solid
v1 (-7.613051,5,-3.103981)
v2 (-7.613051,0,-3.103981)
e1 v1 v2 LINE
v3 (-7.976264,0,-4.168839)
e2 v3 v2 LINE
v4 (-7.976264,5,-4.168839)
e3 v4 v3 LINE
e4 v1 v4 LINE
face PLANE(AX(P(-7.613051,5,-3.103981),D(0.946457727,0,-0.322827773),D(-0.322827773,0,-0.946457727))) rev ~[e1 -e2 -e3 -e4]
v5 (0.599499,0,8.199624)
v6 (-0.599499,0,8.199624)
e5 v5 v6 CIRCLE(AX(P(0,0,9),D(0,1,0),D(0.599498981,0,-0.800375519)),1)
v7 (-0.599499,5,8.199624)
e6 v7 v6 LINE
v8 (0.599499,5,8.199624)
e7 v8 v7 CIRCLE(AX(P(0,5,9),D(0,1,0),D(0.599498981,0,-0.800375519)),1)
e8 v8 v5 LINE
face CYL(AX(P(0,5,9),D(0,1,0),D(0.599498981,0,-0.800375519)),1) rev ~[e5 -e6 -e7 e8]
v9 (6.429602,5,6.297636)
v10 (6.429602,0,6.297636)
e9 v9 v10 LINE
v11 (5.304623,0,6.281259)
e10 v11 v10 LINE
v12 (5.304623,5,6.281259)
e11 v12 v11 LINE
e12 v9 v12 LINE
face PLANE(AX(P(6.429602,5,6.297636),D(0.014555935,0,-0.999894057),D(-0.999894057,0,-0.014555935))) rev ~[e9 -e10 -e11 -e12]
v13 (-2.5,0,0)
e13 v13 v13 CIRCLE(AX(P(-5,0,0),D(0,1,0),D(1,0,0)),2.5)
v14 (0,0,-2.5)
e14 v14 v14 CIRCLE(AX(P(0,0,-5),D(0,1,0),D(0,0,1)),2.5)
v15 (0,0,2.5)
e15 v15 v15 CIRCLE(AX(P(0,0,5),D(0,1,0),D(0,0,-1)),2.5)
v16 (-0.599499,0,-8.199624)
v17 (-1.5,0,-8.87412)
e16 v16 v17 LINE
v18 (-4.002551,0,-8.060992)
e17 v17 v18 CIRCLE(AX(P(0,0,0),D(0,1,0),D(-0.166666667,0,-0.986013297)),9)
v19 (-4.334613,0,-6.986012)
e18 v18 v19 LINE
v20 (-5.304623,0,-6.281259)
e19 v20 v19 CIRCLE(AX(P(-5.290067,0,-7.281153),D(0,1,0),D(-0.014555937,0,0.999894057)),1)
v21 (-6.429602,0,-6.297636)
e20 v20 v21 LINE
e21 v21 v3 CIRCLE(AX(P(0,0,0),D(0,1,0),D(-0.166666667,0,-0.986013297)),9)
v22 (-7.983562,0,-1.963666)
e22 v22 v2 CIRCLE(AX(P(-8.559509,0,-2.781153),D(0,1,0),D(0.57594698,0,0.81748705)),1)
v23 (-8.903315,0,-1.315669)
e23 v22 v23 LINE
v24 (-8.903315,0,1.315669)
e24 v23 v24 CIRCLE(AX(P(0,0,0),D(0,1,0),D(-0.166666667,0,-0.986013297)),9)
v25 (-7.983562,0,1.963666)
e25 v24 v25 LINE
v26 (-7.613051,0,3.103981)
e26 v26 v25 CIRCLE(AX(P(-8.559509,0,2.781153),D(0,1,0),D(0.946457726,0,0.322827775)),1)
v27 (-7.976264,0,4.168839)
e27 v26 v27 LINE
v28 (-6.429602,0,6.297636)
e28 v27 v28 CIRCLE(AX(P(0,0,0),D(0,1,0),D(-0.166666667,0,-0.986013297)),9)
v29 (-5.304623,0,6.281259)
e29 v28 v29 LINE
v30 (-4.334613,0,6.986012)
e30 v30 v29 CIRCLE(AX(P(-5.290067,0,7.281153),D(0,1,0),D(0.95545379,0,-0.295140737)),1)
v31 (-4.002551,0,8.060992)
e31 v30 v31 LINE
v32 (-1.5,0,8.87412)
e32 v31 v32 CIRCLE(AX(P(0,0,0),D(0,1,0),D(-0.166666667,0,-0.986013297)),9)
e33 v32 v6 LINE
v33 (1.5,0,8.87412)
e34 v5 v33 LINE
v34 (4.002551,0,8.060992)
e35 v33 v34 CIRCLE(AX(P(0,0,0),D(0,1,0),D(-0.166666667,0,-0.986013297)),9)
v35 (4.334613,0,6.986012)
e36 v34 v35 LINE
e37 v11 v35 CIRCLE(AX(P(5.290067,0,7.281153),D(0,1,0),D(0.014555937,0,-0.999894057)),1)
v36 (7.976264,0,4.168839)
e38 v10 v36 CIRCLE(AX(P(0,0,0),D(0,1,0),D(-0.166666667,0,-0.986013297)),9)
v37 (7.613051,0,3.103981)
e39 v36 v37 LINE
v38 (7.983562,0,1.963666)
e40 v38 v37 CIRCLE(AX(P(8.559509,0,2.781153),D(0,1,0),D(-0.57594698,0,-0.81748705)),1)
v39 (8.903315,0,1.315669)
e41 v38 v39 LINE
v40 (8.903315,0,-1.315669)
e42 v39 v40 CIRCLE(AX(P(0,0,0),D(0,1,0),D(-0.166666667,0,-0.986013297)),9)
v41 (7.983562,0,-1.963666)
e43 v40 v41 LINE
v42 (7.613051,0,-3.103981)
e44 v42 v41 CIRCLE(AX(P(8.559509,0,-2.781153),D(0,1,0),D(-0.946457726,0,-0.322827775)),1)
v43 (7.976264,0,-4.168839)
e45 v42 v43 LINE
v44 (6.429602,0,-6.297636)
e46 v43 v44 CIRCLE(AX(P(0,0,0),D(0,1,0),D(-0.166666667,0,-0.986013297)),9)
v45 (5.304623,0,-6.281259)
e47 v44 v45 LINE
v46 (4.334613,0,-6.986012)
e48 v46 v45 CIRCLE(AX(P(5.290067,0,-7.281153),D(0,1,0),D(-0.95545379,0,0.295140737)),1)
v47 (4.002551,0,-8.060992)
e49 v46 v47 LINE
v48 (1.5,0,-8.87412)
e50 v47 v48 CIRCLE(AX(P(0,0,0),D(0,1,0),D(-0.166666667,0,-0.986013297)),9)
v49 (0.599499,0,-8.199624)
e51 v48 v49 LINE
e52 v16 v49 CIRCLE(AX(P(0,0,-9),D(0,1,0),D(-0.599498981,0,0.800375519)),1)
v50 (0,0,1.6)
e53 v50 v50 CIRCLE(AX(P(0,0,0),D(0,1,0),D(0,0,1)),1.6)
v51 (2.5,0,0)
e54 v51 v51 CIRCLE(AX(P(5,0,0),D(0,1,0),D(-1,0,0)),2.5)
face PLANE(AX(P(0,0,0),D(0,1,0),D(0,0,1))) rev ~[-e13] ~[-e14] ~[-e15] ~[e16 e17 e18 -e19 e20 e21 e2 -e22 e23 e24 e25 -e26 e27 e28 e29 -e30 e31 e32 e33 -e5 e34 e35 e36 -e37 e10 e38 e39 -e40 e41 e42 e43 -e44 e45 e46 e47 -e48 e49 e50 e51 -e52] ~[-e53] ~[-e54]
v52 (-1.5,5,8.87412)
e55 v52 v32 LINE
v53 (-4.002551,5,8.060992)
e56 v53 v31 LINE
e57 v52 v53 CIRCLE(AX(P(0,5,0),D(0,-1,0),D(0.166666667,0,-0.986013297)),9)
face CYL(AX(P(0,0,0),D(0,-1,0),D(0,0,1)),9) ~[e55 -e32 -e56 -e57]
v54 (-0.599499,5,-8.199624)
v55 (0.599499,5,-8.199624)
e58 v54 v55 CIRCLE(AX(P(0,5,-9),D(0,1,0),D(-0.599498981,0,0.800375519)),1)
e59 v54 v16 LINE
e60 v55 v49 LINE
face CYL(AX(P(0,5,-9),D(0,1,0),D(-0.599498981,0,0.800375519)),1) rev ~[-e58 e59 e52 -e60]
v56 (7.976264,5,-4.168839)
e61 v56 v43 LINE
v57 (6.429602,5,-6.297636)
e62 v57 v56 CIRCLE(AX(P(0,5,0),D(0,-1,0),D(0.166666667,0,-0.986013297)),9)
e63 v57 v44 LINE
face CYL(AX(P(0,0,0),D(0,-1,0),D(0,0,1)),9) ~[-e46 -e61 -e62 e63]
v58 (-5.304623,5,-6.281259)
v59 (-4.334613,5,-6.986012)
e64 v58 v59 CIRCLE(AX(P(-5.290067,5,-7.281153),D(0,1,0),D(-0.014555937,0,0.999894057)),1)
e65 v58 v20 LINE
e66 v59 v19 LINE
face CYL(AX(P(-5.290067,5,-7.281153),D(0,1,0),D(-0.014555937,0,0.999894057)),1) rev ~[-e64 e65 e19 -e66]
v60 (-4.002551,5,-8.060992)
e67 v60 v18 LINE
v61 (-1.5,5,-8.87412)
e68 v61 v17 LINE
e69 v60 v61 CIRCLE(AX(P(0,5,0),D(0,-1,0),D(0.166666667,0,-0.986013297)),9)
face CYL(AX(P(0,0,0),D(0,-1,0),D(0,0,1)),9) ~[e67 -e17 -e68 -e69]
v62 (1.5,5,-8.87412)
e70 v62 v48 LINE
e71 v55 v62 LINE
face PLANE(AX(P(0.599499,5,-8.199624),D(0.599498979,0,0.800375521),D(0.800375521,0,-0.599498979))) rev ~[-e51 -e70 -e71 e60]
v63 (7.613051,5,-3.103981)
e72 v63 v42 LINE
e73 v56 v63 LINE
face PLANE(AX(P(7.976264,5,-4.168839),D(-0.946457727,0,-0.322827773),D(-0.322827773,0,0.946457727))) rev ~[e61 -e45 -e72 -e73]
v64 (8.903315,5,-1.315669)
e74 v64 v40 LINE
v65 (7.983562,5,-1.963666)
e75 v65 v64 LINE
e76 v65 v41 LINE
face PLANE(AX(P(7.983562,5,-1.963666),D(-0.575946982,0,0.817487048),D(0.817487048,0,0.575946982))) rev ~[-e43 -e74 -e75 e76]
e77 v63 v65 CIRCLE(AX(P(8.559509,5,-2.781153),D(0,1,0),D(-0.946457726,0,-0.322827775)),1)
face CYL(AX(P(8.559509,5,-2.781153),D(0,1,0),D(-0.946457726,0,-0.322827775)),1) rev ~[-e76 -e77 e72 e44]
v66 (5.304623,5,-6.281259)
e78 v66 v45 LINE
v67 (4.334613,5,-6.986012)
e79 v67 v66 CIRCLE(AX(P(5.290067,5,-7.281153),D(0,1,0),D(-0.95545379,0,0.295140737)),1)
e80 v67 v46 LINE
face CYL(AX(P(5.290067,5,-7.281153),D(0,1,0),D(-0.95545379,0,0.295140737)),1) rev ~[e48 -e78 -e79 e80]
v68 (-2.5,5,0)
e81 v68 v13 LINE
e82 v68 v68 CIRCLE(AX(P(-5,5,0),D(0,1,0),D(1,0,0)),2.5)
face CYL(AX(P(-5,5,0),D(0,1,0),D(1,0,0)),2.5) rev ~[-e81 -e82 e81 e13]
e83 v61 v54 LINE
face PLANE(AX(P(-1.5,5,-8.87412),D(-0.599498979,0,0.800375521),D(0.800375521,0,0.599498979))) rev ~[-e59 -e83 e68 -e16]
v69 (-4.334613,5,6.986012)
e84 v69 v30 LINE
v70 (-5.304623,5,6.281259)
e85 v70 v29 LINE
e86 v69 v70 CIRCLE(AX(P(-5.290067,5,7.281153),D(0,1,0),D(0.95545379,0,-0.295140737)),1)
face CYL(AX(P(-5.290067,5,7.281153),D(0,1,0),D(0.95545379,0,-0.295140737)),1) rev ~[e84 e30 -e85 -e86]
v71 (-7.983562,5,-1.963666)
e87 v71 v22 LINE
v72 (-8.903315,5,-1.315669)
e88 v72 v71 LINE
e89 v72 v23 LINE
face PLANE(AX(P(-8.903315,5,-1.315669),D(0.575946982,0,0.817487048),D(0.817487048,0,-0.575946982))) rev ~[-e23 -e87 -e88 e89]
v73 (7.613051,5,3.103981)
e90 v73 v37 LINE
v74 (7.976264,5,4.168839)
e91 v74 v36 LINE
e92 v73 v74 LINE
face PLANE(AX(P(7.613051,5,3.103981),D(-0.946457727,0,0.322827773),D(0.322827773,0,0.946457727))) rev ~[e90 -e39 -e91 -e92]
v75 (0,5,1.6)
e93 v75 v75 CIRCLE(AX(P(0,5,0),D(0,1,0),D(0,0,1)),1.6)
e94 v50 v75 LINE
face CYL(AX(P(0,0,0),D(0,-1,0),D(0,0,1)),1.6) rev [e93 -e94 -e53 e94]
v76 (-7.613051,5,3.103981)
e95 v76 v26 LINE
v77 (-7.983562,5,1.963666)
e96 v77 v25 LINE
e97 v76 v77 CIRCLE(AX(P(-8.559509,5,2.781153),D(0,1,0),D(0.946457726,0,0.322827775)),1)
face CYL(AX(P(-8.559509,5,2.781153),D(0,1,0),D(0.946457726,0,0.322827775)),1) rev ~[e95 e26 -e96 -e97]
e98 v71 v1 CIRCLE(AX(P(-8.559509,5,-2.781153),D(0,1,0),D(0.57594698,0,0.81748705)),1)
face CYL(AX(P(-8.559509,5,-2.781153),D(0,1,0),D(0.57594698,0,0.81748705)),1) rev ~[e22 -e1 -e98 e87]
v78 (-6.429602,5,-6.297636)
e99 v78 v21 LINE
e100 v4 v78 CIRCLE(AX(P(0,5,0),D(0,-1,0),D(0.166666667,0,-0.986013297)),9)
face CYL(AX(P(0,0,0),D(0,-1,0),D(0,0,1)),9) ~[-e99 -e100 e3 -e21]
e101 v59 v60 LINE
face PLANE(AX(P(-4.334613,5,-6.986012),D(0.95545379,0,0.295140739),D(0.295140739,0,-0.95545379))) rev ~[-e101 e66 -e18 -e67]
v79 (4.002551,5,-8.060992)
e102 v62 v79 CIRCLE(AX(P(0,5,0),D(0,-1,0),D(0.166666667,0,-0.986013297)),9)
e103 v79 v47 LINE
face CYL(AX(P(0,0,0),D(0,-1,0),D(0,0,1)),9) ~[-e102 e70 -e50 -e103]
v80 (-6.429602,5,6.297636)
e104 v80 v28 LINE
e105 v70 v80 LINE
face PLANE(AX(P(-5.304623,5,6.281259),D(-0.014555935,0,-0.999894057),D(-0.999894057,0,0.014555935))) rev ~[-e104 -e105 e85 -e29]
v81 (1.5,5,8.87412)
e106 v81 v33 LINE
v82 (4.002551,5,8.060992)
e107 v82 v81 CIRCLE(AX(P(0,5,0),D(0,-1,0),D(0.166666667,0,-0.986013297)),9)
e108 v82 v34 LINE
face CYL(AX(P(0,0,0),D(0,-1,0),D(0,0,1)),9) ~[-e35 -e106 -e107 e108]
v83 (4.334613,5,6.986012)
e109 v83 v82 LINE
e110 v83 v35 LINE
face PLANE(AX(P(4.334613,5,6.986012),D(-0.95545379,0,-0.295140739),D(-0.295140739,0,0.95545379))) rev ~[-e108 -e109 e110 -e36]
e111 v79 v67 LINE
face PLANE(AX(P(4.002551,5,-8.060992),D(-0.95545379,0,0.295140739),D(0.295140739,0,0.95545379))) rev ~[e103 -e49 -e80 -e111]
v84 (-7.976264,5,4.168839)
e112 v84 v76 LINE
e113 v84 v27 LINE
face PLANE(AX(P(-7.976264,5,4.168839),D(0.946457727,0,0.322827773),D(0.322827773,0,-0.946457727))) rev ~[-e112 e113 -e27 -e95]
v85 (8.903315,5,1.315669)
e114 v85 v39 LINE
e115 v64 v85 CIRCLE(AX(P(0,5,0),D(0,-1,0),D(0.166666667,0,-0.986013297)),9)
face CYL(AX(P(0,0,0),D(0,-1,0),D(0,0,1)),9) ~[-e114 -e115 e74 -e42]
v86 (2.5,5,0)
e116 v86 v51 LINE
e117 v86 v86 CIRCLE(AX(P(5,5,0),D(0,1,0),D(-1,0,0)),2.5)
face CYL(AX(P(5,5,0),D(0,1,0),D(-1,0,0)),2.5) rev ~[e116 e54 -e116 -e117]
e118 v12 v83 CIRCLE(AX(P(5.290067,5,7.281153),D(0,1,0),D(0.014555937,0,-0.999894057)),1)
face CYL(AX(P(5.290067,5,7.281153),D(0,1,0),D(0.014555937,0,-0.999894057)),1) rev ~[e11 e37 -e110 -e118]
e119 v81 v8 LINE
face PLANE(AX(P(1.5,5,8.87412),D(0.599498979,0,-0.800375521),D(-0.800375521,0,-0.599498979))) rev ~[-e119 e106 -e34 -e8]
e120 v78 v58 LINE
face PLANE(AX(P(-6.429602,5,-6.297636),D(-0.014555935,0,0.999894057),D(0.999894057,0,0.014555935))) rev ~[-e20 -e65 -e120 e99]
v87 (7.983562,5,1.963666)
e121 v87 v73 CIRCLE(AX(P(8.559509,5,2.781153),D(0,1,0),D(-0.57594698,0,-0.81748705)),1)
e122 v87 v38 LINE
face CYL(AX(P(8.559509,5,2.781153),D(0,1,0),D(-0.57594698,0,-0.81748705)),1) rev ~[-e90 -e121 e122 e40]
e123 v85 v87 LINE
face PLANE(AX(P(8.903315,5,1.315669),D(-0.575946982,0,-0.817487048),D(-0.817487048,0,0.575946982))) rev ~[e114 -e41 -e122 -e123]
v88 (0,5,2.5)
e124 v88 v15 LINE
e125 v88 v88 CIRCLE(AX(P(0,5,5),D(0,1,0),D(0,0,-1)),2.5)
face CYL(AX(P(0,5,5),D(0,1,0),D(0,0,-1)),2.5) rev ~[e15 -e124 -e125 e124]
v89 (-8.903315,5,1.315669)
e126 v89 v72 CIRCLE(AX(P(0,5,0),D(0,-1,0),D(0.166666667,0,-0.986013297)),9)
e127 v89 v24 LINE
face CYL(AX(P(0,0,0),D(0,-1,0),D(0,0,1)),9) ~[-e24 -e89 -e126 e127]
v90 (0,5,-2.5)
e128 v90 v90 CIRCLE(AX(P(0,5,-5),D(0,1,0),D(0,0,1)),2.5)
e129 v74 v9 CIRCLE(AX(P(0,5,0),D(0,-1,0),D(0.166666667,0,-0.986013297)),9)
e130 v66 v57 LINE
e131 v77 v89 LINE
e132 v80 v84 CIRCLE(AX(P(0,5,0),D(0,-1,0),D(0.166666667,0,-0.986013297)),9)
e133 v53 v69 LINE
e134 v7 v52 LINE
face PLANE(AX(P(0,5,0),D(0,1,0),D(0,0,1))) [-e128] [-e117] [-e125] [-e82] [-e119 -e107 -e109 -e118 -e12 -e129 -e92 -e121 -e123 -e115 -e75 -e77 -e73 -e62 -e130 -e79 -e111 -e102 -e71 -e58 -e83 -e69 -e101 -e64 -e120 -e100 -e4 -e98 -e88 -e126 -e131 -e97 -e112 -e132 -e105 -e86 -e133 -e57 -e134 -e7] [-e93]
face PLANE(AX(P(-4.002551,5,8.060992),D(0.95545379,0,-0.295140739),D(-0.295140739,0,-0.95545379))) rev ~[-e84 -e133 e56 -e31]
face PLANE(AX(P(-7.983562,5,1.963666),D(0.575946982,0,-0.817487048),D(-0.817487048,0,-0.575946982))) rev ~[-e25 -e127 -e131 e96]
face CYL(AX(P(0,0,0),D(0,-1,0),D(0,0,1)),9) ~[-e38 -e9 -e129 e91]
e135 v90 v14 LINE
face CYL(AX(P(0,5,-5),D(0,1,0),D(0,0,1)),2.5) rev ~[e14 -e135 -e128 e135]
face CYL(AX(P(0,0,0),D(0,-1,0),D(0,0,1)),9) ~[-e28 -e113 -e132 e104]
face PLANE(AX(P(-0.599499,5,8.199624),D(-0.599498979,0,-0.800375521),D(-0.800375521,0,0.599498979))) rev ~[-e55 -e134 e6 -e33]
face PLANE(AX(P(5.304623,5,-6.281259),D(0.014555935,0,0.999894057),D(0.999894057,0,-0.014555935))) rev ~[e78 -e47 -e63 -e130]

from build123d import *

# Parameters (mm, degrees)
SKETCH_1_R               = 9
SKETCH_1_R_2             = 1.6
EXTRUDE_1_DEPTH          = 5
CUT_EXTRUDE_2_REACH      = 15.675
PATTERN_CIRCULAR_1_COUNT = 10
CUT_EXTRUDE_1_REACH      = 15.592
SKETCH_3_R               = 2.5
PATTERN_CIRCULAR_2_COUNT = 4


with BuildPart() as part:
    # 草图1 → 凸台-拉伸1 (new body)
    with BuildSketch(Plane(origin=(0, 0, 0), x_dir=(1, 0, 0), z_dir=(0, 1, 0))):
        with Locations(Location((0, 0, 0), (0, 0, 270))):
            Circle(SKETCH_1_R)
        with Locations(Location((0, 0, 0), (0, 0, 270))):
            Circle(SKETCH_1_R_2, mode=Mode.SUBTRACT)
    extrude(amount=EXTRUDE_1_DEPTH)

    # 草图4 → 切除-拉伸2 (cut, up to next)
    with BuildSketch(Plane(origin=(0, 5, 0), x_dir=(1, 0, 0), z_dir=(0, 1, 0)), mode=Mode.PRIVATE) as cut_extrude_2_sk1:
        with BuildLine():
            Line((-1.5, 8.874119675), (-0.599498979, 8.19962448))
            ThreePointArc((-0.599498979, 8.19962448), (0, 8), (0.599498979, 8.19962448))
            Line((0.599498979, 8.19962448), (1.5, 8.874119675))
            ThreePointArc((1.5, 8.874119675), (0, 9), (-1.5, 8.874119675))
        make_face()
    cut_extrude_2_tool1 = extrude(cut_extrude_2_sk1.sketch, amount=-CUT_EXTRUDE_2_REACH, mode=Mode.PRIVATE) & part.part
    cut_extrude_2 = cut_extrude_2_tool1.solids().sort_by_distance((0, 5, -8.590322))[0]
    add(cut_extrude_2, mode=Mode.SUBTRACT)

    # 阵列(圆周)1: 切除-拉伸2 ×10 about axis
    pattern_circular_1_axis = Axis((0, 0, 0), (0, 1, 0))
    for i in range(1, PATTERN_CIRCULAR_1_COUNT):
        add(cut_extrude_2.rotate(pattern_circular_1_axis, i * 360 / PATTERN_CIRCULAR_1_COUNT), mode=Mode.SUBTRACT)

    # 草图3 → 切除-拉伸1 (cut, up to next)
    with BuildSketch(Plane(origin=(0, 5, 0), x_dir=(1, 0, 0), z_dir=(0, 1, 0)), mode=Mode.PRIVATE) as cut_extrude_1_sk1:
        with Locations(Location((0, 5, 0), (0, 0, 270))):
            Circle(SKETCH_3_R)
    cut_extrude_1_tool1 = extrude(cut_extrude_1_sk1.sketch, amount=-CUT_EXTRUDE_1_REACH, mode=Mode.PRIVATE) & part.part
    cut_extrude_1 = cut_extrude_1_tool1.solids().sort_by_distance((0, 5, -5))[0]
    add(cut_extrude_1, mode=Mode.SUBTRACT)

    # 阵列(圆周)2: 切除-拉伸1 ×4 about axis
    pattern_circular_2_axis = Axis((0, 0, 0), (0, 1, 0))
    for i in range(1, PATTERN_CIRCULAR_2_COUNT):
        add(cut_extrude_1.rotate(pattern_circular_2_axis, i * 360 / PATTERN_CIRCULAR_2_COUNT), mode=Mode.SUBTRACT)


solid = part.part
